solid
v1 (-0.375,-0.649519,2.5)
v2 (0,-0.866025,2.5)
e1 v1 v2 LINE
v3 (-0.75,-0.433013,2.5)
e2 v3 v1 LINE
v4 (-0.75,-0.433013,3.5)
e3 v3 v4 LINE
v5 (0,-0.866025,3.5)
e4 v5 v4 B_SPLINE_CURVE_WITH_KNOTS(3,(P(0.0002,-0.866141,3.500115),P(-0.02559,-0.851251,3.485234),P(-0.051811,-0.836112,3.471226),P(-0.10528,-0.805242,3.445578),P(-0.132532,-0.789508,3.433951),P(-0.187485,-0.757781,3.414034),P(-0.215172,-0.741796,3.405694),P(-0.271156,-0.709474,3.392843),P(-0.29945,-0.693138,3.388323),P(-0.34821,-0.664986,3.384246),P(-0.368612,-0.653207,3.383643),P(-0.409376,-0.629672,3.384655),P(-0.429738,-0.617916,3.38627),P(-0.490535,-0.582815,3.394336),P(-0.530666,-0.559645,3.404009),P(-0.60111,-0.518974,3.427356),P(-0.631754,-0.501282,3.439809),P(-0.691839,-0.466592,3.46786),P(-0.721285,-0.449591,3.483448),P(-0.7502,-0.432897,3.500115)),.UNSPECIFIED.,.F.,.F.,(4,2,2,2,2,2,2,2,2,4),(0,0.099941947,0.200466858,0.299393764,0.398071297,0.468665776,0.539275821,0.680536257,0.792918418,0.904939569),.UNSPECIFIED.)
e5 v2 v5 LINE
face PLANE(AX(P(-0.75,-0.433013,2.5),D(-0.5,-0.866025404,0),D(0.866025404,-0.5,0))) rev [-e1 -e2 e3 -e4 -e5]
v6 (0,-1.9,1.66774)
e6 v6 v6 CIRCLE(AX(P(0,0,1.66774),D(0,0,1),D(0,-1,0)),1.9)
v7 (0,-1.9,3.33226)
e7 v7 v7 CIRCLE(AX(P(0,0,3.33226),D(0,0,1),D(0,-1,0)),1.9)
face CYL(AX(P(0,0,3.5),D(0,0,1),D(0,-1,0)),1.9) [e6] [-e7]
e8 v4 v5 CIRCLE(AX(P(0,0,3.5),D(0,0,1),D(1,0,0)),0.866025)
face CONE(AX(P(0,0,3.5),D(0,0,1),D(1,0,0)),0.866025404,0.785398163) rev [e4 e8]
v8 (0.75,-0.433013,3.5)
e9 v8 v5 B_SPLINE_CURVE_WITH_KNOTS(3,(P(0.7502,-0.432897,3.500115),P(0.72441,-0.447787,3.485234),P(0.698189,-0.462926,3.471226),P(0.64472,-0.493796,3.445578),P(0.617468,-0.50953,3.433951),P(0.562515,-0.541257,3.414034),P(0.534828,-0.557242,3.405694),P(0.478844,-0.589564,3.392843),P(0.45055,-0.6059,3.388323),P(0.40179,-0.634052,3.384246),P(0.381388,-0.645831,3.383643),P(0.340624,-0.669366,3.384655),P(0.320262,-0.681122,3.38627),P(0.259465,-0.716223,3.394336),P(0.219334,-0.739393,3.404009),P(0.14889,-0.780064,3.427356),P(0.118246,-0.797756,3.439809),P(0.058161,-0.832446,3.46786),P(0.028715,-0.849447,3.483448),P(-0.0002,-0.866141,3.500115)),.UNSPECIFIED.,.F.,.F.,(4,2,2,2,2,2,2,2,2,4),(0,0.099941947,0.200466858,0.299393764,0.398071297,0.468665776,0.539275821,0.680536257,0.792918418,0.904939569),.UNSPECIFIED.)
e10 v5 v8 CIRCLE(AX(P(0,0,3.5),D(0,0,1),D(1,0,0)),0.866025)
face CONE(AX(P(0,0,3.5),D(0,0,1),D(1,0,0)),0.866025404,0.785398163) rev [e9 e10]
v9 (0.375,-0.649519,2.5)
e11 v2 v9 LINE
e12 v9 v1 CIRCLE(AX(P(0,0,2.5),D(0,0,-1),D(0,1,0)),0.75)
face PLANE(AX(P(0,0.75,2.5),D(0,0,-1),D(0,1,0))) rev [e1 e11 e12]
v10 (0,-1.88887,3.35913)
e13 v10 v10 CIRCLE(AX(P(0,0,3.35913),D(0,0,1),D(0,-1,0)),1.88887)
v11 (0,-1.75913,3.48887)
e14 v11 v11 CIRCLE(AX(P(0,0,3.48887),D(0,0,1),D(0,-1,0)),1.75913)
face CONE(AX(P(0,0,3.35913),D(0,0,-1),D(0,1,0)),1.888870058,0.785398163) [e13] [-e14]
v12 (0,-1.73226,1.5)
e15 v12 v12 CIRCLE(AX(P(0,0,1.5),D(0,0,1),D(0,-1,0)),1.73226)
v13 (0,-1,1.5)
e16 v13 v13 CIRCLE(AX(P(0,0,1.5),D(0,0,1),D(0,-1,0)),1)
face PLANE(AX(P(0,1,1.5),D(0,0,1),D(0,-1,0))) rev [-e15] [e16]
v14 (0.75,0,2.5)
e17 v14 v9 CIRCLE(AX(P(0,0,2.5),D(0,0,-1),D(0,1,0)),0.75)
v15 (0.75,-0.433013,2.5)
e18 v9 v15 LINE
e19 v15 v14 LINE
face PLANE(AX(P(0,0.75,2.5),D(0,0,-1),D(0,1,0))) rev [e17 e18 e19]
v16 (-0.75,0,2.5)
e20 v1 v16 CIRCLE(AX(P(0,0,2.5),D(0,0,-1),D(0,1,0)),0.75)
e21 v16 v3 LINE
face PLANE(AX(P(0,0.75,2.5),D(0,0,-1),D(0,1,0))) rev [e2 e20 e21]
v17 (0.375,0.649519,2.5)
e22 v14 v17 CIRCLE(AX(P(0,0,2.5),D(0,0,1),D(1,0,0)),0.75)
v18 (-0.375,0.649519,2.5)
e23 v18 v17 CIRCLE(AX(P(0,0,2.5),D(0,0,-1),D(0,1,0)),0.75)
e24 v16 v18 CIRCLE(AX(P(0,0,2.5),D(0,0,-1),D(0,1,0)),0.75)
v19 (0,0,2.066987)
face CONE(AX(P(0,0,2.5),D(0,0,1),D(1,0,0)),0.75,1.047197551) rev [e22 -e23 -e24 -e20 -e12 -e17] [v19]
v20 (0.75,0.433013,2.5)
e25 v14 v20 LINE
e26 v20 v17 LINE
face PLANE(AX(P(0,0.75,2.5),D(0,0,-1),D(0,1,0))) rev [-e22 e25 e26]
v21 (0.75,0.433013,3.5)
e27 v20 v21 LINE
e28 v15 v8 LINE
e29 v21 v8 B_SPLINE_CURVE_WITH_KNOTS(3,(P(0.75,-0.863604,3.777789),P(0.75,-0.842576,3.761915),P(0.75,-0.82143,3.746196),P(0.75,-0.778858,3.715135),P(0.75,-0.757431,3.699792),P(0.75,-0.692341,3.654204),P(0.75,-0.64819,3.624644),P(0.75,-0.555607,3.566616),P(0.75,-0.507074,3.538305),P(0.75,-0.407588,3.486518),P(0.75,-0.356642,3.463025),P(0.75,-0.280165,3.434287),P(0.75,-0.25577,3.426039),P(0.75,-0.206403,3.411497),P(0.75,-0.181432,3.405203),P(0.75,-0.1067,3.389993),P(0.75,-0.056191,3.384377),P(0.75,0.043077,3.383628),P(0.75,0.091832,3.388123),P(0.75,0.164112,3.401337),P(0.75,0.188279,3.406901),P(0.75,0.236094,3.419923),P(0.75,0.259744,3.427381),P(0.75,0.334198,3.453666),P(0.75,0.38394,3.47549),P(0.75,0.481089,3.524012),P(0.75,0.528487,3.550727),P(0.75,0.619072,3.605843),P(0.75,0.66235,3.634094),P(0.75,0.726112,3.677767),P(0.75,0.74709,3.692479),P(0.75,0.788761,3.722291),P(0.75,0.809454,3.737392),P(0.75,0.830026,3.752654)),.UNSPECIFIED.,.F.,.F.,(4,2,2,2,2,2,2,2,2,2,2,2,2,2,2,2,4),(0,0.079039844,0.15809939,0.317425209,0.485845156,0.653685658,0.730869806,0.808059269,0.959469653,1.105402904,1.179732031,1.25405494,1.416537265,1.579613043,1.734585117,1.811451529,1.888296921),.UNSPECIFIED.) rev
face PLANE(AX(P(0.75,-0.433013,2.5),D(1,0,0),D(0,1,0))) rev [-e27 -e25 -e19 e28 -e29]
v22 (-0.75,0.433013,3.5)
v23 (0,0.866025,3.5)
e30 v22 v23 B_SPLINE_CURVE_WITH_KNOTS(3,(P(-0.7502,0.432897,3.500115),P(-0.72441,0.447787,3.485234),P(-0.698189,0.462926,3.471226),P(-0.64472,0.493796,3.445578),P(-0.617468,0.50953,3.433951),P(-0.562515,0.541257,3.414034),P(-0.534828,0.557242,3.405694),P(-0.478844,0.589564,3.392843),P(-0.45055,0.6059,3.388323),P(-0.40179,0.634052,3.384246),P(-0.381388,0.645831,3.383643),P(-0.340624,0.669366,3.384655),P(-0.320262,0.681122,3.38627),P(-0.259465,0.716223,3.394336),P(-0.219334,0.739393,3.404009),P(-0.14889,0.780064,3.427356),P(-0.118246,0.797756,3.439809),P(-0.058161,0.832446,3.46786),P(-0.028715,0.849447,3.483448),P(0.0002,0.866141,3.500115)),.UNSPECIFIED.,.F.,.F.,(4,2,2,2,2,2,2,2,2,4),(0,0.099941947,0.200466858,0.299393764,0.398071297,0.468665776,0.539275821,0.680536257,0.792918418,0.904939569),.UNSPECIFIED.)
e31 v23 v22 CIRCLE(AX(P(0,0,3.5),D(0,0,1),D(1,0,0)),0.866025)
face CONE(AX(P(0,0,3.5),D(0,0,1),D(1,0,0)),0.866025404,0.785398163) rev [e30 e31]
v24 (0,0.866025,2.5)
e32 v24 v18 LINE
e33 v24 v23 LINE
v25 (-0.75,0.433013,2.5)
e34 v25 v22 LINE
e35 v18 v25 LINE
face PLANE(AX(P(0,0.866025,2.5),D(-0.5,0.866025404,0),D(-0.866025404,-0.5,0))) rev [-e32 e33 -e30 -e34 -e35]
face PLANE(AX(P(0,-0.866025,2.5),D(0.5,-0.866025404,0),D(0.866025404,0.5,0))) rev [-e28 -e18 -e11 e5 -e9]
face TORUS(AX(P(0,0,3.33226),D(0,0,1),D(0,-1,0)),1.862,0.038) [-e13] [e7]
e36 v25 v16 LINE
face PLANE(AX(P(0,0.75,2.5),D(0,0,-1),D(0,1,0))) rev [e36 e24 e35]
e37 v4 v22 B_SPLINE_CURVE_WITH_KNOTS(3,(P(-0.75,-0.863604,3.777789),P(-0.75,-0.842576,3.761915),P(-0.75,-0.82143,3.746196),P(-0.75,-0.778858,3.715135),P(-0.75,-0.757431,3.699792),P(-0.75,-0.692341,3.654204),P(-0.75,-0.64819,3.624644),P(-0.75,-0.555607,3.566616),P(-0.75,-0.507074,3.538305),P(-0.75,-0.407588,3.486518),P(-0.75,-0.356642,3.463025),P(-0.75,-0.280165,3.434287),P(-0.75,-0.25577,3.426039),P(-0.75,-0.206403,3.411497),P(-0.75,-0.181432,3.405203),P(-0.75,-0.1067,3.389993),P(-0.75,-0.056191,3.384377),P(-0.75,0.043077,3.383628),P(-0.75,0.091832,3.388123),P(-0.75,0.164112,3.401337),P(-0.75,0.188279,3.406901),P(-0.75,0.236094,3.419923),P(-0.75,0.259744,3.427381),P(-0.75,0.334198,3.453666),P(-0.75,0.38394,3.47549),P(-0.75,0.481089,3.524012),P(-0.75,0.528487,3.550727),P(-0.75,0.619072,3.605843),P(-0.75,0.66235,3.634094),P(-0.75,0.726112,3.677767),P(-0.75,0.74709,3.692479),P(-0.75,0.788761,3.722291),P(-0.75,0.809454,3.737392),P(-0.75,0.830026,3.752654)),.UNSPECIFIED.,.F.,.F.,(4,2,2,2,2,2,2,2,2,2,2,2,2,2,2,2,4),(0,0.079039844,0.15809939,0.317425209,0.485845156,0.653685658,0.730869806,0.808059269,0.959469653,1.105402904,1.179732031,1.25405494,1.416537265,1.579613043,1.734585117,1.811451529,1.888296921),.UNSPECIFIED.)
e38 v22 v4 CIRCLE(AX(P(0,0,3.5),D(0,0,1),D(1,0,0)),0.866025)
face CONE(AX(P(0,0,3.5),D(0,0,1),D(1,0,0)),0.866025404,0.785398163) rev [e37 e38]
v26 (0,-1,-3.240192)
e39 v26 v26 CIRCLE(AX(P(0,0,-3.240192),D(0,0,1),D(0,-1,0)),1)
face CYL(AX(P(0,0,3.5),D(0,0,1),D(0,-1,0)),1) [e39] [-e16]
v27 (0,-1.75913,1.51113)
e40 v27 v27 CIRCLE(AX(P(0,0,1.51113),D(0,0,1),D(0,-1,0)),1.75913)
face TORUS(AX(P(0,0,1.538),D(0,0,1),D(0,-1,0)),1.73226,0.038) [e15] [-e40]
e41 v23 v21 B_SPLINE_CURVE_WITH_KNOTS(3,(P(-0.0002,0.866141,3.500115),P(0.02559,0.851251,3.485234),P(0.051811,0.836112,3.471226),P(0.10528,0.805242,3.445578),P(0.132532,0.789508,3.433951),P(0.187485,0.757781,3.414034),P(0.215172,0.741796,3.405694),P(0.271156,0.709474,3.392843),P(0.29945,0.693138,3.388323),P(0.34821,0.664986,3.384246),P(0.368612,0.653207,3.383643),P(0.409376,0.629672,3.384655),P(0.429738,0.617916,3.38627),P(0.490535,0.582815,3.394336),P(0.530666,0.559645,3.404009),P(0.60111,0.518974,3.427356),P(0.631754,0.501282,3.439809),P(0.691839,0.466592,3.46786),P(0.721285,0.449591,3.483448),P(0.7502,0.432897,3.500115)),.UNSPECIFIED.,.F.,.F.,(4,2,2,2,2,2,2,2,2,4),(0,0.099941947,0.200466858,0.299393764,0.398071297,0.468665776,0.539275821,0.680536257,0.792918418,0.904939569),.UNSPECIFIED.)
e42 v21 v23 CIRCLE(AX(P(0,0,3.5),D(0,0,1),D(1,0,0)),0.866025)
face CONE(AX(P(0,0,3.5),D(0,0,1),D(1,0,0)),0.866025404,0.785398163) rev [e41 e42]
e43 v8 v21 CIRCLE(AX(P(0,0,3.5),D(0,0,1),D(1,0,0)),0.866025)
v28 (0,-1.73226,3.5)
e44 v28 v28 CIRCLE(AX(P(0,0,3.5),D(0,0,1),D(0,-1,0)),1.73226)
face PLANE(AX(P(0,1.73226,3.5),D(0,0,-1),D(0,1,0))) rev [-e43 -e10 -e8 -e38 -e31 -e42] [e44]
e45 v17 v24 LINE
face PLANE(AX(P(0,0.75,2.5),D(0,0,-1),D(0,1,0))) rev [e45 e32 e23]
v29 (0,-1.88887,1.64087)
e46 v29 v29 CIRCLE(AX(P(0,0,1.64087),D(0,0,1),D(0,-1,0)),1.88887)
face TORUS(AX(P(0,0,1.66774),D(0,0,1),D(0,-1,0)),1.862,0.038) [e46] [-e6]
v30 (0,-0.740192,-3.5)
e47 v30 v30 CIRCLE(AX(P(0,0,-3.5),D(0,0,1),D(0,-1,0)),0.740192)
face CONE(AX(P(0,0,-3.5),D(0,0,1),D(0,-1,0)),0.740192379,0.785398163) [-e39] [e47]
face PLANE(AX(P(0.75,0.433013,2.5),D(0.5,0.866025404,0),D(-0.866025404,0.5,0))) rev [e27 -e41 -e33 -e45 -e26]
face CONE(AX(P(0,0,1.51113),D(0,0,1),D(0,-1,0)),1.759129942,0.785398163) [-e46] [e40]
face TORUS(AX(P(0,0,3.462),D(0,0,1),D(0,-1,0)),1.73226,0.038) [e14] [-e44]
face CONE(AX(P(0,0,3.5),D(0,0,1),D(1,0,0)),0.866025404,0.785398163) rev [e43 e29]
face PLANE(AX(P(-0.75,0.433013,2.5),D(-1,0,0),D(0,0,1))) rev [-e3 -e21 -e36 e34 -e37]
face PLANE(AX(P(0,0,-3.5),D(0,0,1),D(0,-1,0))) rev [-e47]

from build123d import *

# Parameters (mm, degrees)
CUT_EXTRUDE1_DEPTH = 1


with BuildPart() as part:
    # Sketch3 → Revolve1 (revolve)
    with BuildSketch(Plane(origin=(0, 0, 0), x_dir=(0, 0, -1), z_dir=(1, 0, 0)), mode=Mode.PRIVATE) as revolve1_sk:
        with BuildLine():
            Line((-3.5, 1.732259885), (-3.5, 0.75))
            Line((-3.5, 0.75), (-2.5, 0.75))
            Line((-2.5, 0.75), (-2.5, 0))
            Line((-2.5, 0), (3.5, 0))
            Line((3.5, 0), (3.5, 0.740192379))
            Line((3.5, 0.740192379), (3.240192379, 1))
            Line((3.240192379, 1), (-1.5, 1))
            Line((-1.5, 1), (-1.5, 1.732259885))
            ThreePointArc((-1.5, 1.732259885), (-1.502892578, 1.746801855), (-1.511129942, 1.759129942))
            Line((-1.511129942, 1.759129942), (-1.640870058, 1.888870058))
            ThreePointArc((-1.640870058, 1.888870058), (-1.653198145, 1.897107422), (-1.667740115, 1.9))
            Line((-1.667740115, 1.9), (-3.332259885, 1.9))
            ThreePointArc((-3.332259885, 1.9), (-3.346801855, 1.897107422), (-3.359129942, 1.888870058))
            Line((-3.359129942, 1.888870058), (-3.488870058, 1.759129942))
            ThreePointArc((-3.488870058, 1.759129942), (-3.497107422, 1.746801855), (-3.5, 1.732259885))
        make_face()
    revolve(revolve1_sk.sketch.rotate(Axis((0, 0, 3.5), (0, 0, -1)), 180), axis=Axis((0, 0, 3.5), (0, 0, -1)))

    # Sketch4 → Cut-Extrude1 (cut)
    with BuildSketch(Plane.XY.offset(3.5)):
        Polygon((0, 0.866025404), (-0.75, 0.433012702), (-0.75, -0.433012702), (0, -0.866025404), (0.75, -0.433012702), (0.75, 0.433012702), align=None)
    extrude(amount=-CUT_EXTRUDE1_DEPTH, mode=Mode.SUBTRACT)

    # Cut-Extrude2 cone 1 section (through the dimple's axis) → Cut-Extrude2 (revolve, cut)
    with BuildSketch(Plane(origin=(0, 0, 3.5), x_dir=(0, -1, 0), z_dir=(1, 0, 0))):
        Polygon((0, 0), (0.866025404, 0), (0, 0.866025404), align=None)
    revolve(axis=Axis((0, 0, 3.5), (0, 0, -1)), mode=Mode.SUBTRACT)

    # Cut-Extrude3 cone 1 section (through the dimple's axis) → Cut-Extrude3 (revolve, cut)
    with BuildSketch(Plane(origin=(0, 0, 2.5), x_dir=(0, -1, 0), z_dir=(1, 0, 0))):
        Polygon((0, 0), (0.75, 0), (0, 0.433012702), align=None)
    revolve(axis=Axis((0, 0, 2.5), (0, 0, -1)), mode=Mode.SUBTRACT)


solid = part.part
